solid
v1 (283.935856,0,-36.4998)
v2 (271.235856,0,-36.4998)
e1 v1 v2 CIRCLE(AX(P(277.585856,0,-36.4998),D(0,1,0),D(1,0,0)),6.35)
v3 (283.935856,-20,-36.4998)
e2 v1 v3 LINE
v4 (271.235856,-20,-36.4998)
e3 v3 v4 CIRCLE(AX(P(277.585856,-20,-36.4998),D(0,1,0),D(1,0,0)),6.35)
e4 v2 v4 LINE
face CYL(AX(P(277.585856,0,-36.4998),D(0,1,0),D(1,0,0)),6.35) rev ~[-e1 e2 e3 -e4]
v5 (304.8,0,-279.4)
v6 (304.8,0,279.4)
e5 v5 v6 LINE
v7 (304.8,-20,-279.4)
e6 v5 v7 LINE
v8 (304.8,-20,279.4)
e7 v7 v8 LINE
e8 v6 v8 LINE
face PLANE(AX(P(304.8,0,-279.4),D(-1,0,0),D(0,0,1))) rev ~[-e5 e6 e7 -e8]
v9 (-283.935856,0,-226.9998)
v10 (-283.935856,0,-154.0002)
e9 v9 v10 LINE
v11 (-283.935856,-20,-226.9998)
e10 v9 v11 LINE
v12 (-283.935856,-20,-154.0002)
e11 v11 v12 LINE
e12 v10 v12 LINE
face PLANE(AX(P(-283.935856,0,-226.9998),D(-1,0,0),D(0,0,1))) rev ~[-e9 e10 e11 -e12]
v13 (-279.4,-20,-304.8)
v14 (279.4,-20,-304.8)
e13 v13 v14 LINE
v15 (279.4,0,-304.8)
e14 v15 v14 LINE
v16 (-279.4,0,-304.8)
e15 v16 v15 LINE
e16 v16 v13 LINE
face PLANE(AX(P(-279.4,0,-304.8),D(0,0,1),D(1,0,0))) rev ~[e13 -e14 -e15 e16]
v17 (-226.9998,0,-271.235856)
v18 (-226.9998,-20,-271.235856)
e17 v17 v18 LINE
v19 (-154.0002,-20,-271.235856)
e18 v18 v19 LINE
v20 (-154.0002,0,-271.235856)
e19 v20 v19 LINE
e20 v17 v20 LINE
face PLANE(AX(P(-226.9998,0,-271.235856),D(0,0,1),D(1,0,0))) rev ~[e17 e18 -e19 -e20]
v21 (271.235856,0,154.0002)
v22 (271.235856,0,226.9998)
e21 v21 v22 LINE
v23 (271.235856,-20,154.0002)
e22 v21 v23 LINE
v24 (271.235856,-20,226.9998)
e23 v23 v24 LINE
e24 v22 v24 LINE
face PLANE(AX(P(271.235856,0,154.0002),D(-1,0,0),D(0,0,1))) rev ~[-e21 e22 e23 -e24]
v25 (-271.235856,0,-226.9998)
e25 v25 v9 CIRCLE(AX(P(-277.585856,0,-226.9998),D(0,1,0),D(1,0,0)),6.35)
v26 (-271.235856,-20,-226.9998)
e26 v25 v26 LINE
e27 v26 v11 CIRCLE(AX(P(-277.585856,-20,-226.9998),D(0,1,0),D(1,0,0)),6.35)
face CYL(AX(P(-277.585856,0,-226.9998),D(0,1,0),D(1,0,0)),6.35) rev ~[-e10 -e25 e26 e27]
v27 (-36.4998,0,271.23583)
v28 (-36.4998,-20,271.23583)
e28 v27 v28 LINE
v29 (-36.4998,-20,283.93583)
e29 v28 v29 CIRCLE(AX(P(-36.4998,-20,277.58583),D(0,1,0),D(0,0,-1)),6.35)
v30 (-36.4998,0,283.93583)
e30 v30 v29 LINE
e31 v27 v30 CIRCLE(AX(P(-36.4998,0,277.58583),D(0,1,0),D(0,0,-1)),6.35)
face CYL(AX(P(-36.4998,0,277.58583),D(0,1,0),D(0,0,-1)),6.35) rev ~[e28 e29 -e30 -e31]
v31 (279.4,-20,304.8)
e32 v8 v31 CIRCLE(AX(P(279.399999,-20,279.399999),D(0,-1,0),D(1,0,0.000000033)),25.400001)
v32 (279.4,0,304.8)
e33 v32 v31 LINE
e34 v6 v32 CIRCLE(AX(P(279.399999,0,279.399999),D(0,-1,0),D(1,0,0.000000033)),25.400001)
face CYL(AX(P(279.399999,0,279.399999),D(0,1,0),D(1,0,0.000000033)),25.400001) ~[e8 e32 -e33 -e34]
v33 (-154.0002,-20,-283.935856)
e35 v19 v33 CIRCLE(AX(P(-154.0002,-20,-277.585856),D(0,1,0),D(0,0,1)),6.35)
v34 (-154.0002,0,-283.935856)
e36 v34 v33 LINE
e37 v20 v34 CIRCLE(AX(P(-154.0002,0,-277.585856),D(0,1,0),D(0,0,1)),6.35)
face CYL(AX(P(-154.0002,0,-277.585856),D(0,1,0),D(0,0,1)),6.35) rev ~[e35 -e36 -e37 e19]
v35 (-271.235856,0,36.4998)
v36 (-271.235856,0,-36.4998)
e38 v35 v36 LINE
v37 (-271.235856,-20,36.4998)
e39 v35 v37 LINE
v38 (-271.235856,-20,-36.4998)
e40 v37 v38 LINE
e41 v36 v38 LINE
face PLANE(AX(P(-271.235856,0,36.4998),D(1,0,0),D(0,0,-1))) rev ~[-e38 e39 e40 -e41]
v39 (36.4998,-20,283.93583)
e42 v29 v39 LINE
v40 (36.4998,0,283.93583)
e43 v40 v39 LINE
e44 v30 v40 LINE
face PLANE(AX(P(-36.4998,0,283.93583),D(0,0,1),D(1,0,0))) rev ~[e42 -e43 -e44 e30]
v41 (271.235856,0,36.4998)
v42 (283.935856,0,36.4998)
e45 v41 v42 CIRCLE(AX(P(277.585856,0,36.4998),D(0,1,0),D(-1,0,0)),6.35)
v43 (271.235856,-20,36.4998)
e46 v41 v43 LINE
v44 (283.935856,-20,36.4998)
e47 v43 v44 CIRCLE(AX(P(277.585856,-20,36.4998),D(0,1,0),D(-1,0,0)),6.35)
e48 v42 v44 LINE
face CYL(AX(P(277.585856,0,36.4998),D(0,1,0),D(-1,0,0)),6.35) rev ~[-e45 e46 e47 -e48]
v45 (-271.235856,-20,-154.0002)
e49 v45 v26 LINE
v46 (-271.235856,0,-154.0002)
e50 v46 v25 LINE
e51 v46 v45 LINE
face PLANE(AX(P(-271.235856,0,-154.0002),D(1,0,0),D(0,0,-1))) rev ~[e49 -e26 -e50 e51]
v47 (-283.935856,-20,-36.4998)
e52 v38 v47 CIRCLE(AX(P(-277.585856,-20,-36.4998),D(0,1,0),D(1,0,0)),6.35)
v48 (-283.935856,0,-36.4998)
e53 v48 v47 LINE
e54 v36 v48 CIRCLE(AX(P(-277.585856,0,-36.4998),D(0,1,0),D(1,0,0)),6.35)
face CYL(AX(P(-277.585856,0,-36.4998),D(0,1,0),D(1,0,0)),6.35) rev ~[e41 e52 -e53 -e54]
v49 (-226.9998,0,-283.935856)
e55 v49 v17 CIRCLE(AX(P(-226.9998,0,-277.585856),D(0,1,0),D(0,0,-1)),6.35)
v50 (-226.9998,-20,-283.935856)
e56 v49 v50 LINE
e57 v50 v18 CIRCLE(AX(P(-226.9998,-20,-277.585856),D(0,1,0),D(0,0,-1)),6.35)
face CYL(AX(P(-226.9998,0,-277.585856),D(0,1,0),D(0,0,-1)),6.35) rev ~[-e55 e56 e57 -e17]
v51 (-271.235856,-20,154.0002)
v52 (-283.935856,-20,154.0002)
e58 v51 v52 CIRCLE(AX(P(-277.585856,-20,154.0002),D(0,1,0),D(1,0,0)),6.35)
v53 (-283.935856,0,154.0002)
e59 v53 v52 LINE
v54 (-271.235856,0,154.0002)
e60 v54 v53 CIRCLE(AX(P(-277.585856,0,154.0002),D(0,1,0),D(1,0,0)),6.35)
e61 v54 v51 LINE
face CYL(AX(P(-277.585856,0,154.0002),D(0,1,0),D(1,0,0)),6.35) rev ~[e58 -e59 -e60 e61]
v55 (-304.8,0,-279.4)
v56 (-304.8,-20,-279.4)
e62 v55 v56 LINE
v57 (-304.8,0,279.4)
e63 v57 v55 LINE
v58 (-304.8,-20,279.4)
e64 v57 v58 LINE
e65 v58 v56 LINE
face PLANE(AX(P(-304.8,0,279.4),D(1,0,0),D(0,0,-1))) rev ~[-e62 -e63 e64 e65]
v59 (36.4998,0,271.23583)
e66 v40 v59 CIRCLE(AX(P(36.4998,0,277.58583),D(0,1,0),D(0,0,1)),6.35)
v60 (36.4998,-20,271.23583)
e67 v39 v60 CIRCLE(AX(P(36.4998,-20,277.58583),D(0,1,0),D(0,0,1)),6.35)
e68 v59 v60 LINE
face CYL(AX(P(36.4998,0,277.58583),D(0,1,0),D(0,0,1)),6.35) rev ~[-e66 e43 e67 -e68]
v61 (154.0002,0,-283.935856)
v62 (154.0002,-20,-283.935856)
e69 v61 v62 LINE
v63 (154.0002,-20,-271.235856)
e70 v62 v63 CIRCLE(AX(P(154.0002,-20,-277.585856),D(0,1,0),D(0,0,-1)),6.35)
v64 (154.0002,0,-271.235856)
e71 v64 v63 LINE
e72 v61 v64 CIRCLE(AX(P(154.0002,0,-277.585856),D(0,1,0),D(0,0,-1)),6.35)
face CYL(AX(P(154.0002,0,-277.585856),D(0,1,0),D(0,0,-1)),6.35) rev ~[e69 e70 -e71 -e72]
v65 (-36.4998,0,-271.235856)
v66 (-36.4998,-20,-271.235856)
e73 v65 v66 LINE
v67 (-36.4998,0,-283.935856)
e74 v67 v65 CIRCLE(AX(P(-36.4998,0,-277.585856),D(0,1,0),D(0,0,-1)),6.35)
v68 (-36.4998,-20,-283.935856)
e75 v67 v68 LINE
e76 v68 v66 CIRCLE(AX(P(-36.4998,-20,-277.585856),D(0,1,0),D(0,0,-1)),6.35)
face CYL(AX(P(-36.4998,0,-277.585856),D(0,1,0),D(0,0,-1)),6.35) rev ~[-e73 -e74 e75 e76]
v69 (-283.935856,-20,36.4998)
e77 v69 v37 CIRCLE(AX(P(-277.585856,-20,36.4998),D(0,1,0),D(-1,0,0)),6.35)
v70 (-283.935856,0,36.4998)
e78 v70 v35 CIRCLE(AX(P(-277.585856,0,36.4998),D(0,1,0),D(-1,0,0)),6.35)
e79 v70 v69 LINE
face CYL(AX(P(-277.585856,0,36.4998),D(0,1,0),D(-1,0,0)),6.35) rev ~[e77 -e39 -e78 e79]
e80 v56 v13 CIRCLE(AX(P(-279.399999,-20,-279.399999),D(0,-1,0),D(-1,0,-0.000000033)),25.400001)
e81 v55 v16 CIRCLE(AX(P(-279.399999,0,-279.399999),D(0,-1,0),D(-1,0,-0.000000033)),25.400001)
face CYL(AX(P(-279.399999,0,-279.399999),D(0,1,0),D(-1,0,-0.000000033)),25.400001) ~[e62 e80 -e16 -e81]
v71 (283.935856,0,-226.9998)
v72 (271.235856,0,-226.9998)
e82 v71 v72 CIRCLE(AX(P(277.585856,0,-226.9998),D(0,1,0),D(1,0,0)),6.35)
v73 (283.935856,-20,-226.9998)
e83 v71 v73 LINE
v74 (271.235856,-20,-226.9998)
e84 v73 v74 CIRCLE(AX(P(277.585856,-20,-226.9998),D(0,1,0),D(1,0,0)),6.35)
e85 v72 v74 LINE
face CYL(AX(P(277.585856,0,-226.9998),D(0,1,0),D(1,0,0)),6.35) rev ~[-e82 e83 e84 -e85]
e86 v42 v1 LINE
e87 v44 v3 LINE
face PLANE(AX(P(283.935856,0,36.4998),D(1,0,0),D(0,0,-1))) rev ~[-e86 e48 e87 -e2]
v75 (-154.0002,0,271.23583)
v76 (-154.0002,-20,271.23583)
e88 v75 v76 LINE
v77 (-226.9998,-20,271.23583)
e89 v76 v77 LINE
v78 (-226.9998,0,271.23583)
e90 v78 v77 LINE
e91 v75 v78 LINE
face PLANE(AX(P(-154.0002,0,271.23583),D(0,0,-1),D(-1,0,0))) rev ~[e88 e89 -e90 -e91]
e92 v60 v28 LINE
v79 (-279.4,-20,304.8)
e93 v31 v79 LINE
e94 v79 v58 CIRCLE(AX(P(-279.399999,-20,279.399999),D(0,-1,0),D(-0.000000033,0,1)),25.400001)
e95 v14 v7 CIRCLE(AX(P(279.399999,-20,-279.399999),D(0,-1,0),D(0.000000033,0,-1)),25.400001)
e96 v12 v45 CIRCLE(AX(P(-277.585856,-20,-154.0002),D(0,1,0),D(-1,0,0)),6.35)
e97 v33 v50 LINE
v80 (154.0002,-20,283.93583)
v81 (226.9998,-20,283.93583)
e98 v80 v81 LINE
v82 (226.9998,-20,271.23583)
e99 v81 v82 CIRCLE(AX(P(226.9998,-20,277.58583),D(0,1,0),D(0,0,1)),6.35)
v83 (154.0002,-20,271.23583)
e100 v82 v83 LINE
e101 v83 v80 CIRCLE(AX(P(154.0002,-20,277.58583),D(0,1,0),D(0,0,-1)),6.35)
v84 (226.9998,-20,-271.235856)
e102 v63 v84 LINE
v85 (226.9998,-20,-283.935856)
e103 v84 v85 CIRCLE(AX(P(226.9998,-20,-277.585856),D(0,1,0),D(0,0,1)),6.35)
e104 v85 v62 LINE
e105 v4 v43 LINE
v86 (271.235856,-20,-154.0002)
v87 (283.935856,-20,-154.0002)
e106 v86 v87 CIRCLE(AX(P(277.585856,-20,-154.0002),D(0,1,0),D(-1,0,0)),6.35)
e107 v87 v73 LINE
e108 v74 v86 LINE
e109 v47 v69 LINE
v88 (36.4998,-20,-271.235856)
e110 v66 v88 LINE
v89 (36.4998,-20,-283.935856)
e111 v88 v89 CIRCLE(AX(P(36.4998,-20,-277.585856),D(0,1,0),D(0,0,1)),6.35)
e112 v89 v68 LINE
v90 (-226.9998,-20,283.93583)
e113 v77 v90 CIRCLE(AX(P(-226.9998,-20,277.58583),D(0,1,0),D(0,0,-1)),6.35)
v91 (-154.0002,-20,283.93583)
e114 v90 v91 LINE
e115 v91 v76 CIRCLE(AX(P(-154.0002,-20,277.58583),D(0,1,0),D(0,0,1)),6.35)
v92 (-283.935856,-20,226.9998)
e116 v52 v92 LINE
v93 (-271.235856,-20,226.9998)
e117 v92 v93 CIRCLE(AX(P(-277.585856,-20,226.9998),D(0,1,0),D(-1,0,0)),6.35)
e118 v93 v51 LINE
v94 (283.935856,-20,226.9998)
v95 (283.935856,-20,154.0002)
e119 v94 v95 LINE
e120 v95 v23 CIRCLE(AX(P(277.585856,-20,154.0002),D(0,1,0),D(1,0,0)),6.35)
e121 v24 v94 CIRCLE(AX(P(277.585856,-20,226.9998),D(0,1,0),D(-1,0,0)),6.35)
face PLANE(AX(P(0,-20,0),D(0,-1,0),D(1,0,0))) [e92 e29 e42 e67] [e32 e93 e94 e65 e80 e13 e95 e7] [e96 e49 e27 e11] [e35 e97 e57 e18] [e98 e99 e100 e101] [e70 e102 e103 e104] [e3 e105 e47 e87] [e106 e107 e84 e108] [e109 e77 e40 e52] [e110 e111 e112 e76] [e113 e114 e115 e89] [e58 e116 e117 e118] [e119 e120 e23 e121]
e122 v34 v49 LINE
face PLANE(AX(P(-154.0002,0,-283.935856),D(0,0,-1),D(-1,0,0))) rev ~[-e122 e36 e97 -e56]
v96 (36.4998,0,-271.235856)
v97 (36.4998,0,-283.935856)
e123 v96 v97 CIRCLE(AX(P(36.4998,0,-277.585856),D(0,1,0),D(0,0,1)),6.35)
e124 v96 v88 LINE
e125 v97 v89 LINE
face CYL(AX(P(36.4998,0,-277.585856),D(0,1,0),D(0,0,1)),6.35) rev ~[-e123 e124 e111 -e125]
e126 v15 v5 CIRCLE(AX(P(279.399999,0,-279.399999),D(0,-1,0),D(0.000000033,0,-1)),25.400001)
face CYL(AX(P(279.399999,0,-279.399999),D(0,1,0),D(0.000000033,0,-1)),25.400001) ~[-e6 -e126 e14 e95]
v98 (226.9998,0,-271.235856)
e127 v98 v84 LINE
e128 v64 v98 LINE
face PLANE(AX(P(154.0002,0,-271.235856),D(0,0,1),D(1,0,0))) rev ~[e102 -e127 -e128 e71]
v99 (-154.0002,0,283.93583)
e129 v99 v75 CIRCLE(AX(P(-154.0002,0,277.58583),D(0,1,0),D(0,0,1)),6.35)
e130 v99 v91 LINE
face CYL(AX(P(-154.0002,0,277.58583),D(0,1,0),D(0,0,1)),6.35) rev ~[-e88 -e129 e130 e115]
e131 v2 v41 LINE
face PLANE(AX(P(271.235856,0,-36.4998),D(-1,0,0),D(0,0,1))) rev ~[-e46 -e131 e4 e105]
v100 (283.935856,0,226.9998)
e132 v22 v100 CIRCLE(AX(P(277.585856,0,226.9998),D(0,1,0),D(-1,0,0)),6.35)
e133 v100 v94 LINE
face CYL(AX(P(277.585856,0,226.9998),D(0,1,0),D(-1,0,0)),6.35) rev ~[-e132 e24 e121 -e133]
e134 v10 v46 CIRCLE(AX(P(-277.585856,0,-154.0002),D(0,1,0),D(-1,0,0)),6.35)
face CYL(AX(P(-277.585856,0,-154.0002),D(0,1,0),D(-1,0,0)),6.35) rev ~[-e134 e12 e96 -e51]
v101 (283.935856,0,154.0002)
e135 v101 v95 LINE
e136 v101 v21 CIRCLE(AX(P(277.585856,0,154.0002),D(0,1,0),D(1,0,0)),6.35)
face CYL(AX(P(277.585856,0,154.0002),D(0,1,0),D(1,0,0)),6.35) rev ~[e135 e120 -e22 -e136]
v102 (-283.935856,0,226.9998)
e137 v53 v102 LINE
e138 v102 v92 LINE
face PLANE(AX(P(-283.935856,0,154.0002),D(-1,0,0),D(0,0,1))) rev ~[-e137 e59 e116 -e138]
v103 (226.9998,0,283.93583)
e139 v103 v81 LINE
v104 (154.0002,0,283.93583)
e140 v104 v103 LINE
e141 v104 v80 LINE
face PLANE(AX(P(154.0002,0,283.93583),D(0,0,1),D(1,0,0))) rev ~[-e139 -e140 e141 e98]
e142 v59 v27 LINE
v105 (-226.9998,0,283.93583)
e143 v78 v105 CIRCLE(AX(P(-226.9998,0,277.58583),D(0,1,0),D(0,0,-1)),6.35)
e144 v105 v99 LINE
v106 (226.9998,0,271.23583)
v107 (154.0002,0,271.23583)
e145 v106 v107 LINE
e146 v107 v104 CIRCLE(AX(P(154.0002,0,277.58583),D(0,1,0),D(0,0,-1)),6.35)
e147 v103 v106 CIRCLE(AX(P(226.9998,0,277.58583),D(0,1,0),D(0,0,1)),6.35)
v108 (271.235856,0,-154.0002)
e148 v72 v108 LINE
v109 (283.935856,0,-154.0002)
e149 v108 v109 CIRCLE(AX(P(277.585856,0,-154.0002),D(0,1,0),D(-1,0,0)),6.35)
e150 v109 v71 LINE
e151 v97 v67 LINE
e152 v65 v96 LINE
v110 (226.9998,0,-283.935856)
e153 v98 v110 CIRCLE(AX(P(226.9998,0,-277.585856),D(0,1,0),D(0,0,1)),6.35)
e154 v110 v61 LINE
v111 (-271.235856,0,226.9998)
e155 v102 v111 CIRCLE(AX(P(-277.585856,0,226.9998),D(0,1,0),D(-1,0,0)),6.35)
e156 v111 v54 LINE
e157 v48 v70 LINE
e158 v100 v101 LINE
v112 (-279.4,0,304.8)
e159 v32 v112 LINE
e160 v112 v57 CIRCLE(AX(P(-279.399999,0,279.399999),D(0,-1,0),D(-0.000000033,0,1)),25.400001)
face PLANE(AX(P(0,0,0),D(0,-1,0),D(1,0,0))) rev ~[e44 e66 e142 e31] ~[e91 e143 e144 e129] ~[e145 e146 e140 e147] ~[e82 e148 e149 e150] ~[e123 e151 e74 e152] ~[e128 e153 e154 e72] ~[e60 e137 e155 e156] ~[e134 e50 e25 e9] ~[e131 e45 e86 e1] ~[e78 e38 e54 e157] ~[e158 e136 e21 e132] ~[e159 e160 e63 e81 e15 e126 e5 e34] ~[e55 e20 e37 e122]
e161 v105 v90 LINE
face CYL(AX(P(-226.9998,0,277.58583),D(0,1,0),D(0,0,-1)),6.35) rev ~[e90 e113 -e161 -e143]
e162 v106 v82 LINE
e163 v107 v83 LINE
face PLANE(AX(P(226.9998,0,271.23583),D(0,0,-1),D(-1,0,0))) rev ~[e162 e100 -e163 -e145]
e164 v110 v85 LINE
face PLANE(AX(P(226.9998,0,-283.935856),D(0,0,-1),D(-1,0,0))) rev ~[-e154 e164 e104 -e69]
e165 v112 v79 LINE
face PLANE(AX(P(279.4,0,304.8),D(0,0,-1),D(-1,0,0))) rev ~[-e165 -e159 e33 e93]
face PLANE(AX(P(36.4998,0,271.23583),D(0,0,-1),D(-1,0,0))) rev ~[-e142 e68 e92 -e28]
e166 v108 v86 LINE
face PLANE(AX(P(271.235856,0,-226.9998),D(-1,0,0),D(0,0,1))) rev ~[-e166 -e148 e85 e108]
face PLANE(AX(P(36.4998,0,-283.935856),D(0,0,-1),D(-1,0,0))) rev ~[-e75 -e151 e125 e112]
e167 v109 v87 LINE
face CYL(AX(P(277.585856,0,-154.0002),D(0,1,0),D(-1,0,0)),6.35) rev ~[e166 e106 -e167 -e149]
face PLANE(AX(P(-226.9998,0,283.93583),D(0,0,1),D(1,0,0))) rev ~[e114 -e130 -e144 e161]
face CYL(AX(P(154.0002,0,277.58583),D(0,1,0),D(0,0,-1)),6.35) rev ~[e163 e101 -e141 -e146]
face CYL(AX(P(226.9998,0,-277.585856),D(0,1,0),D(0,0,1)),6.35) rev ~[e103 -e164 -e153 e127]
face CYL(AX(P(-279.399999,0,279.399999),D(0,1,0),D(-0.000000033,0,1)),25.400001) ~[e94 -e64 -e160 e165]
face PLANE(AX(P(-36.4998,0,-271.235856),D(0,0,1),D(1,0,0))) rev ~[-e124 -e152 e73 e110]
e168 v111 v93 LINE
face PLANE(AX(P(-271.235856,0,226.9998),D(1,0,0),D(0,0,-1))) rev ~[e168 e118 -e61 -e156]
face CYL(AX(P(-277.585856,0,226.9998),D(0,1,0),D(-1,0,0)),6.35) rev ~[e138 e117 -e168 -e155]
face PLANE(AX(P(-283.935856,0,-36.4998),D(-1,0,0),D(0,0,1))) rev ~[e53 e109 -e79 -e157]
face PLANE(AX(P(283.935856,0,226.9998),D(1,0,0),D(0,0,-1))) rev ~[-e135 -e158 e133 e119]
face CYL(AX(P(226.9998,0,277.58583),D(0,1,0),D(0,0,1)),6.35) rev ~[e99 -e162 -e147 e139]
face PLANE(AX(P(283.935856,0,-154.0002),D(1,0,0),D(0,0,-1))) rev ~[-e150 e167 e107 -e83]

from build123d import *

# Parameters (mm, degrees)
F1_DEPTH = 20


with BuildPart() as f1:
    # F0 (on Front) → F1 (new body)
    with BuildSketch(Plane.XZ):
        with BuildLine():
            Line((-279.4, -304.8), (279.4, -304.8))
            ThreePointArc((279.4, -304.8), (297.360512, -297.360512), (304.8, -279.4))
            Line((304.8, -279.4), (304.8, 279.4))
            ThreePointArc((304.8, 279.4), (297.360512, 297.360512), (279.4, 304.8))
            Line((279.4, 304.8), (-279.4, 304.8))
            ThreePointArc((-279.4, 304.8), (-297.360512, 297.360512), (-304.8, 279.4))
            Line((-304.8, 279.4), (-304.8, -279.4))
            ThreePointArc((-304.8, -279.4), (-297.360512, -297.360512), (-279.4, -304.8))
        make_face()
        with BuildLine():
            Line((-226.9998, -271.235856), (-154.0002, -271.235856))
            ThreePointArc((-154.0002, -271.235856), (-147.6502, -277.585856), (-154.0002, -283.935856))
            Line((-154.0002, -283.935856), (-226.9998, -283.935856))
            ThreePointArc((-226.9998, -283.935856), (-233.3498, -277.585856), (-226.9998, -271.235856))
        make_face(mode=Mode.SUBTRACT)
        with BuildLine():
            Line((-271.235856, -154.0002), (-271.235856, -226.9998))
            ThreePointArc((-271.235856, -226.9998), (-277.585856, -233.3498), (-283.935856, -226.9998))
            Line((-283.935856, -226.9998), (-283.935856, -154.0002))
            ThreePointArc((-283.935856, -154.0002), (-277.585856, -147.6502), (-271.235856, -154.0002))
        make_face(mode=Mode.SUBTRACT)
        with BuildLine():
            Line((-36.4998, -271.235856), (36.4998, -271.235856))
            ThreePointArc((36.4998, -271.235856), (42.8498, -277.585856), (36.4998, -283.935856))
            Line((36.4998, -283.935856), (-36.4998, -283.935856))
            ThreePointArc((-36.4998, -283.935856), (-42.8498, -277.585856), (-36.4998, -271.235856))
        make_face(mode=Mode.SUBTRACT)
        with BuildLine():
            Line((154.0002, -271.235856), (226.9998, -271.235856))
            ThreePointArc((226.9998, -271.235856), (233.3498, -277.585856), (226.9998, -283.935856))
            Line((226.9998, -283.935856), (154.0002, -283.935856))
            ThreePointArc((154.0002, -283.935856), (147.6502, -277.585856), (154.0002, -271.235856))
        make_face(mode=Mode.SUBTRACT)
        with BuildLine():
            Line((271.235856, -226.9998), (271.235856, -154.0002))
            ThreePointArc((271.235856, -154.0002), (277.585856, -147.6502), (283.935856, -154.0002))
            Line((283.935856, -154.0002), (283.935856, -226.9998))
            ThreePointArc((283.935856, -226.9998), (277.585856, -233.3498), (271.235856, -226.9998))
        make_face(mode=Mode.SUBTRACT)
        with BuildLine():
            Line((-271.235856, 36.4998), (-271.235856, -36.4998))
            ThreePointArc((-271.235856, -36.4998), (-277.585856, -42.8498), (-283.935856, -36.4998))
            Line((-283.935856, -36.4998), (-283.935856, 36.4998))
            ThreePointArc((-283.935856, 36.4998), (-277.585856, 42.8498), (-271.235856, 36.4998))
        make_face(mode=Mode.SUBTRACT)
        with BuildLine():
            Line((-271.235856, 226.9998), (-271.235856, 154.0002))
            ThreePointArc((-271.235856, 154.0002), (-277.585856, 147.6502), (-283.935856, 154.0002))
            Line((-283.935856, 154.0002), (-283.935856, 226.9998))
            ThreePointArc((-283.935856, 226.9998), (-277.585856, 233.3498), (-271.235856, 226.9998))
        make_face(mode=Mode.SUBTRACT)
        with BuildLine():
            Line((-154.0002, 271.23583), (-226.9998, 271.23583))
            ThreePointArc((-226.9998, 271.23583), (-233.3498, 277.58583), (-226.9998, 283.93583))
            Line((-226.9998, 283.93583), (-154.0002, 283.93583))
            ThreePointArc((-154.0002, 283.93583), (-147.6502, 277.58583), (-154.0002, 271.23583))
        make_face(mode=Mode.SUBTRACT)
        with BuildLine():
            Line((271.235856, -36.4998), (271.235856, 36.4998))
            ThreePointArc((271.235856, 36.4998), (277.585856, 42.8498), (283.935856, 36.4998))
            Line((283.935856, 36.4998), (283.935856, -36.4998))
            ThreePointArc((283.935856, -36.4998), (277.585856, -42.8498), (271.235856, -36.4998))
        make_face(mode=Mode.SUBTRACT)
        with BuildLine():
            Line((36.4998, 271.23583), (-36.4998, 271.23583))
            ThreePointArc((-36.4998, 271.23583), (-42.8498, 277.58583), (-36.4998, 283.93583))
            Line((-36.4998, 283.93583), (36.4998, 283.93583))
            ThreePointArc((36.4998, 283.93583), (42.8498, 277.58583), (36.4998, 271.23583))
        make_face(mode=Mode.SUBTRACT)
        with BuildLine():
            Line((271.235856, 154.0002), (271.235856, 226.9998))
            ThreePointArc((271.235856, 226.9998), (277.585856, 233.3498), (283.935856, 226.9998))
            Line((283.935856, 226.9998), (283.935856, 154.0002))
            ThreePointArc((283.935856, 154.0002), (277.585856, 147.6502), (271.235856, 154.0002))
        make_face(mode=Mode.SUBTRACT)
        with BuildLine():
            Line((226.9998, 271.23583), (154.0002, 271.23583))
            ThreePointArc((154.0002, 271.23583), (147.6502, 277.58583), (154.0002, 283.93583))
            Line((154.0002, 283.93583), (226.9998, 283.93583))
            ThreePointArc((226.9998, 283.93583), (233.3498, 277.58583), (226.9998, 271.23583))
        make_face(mode=Mode.SUBTRACT)
    extrude(amount=F1_DEPTH)


solid = f1.part
